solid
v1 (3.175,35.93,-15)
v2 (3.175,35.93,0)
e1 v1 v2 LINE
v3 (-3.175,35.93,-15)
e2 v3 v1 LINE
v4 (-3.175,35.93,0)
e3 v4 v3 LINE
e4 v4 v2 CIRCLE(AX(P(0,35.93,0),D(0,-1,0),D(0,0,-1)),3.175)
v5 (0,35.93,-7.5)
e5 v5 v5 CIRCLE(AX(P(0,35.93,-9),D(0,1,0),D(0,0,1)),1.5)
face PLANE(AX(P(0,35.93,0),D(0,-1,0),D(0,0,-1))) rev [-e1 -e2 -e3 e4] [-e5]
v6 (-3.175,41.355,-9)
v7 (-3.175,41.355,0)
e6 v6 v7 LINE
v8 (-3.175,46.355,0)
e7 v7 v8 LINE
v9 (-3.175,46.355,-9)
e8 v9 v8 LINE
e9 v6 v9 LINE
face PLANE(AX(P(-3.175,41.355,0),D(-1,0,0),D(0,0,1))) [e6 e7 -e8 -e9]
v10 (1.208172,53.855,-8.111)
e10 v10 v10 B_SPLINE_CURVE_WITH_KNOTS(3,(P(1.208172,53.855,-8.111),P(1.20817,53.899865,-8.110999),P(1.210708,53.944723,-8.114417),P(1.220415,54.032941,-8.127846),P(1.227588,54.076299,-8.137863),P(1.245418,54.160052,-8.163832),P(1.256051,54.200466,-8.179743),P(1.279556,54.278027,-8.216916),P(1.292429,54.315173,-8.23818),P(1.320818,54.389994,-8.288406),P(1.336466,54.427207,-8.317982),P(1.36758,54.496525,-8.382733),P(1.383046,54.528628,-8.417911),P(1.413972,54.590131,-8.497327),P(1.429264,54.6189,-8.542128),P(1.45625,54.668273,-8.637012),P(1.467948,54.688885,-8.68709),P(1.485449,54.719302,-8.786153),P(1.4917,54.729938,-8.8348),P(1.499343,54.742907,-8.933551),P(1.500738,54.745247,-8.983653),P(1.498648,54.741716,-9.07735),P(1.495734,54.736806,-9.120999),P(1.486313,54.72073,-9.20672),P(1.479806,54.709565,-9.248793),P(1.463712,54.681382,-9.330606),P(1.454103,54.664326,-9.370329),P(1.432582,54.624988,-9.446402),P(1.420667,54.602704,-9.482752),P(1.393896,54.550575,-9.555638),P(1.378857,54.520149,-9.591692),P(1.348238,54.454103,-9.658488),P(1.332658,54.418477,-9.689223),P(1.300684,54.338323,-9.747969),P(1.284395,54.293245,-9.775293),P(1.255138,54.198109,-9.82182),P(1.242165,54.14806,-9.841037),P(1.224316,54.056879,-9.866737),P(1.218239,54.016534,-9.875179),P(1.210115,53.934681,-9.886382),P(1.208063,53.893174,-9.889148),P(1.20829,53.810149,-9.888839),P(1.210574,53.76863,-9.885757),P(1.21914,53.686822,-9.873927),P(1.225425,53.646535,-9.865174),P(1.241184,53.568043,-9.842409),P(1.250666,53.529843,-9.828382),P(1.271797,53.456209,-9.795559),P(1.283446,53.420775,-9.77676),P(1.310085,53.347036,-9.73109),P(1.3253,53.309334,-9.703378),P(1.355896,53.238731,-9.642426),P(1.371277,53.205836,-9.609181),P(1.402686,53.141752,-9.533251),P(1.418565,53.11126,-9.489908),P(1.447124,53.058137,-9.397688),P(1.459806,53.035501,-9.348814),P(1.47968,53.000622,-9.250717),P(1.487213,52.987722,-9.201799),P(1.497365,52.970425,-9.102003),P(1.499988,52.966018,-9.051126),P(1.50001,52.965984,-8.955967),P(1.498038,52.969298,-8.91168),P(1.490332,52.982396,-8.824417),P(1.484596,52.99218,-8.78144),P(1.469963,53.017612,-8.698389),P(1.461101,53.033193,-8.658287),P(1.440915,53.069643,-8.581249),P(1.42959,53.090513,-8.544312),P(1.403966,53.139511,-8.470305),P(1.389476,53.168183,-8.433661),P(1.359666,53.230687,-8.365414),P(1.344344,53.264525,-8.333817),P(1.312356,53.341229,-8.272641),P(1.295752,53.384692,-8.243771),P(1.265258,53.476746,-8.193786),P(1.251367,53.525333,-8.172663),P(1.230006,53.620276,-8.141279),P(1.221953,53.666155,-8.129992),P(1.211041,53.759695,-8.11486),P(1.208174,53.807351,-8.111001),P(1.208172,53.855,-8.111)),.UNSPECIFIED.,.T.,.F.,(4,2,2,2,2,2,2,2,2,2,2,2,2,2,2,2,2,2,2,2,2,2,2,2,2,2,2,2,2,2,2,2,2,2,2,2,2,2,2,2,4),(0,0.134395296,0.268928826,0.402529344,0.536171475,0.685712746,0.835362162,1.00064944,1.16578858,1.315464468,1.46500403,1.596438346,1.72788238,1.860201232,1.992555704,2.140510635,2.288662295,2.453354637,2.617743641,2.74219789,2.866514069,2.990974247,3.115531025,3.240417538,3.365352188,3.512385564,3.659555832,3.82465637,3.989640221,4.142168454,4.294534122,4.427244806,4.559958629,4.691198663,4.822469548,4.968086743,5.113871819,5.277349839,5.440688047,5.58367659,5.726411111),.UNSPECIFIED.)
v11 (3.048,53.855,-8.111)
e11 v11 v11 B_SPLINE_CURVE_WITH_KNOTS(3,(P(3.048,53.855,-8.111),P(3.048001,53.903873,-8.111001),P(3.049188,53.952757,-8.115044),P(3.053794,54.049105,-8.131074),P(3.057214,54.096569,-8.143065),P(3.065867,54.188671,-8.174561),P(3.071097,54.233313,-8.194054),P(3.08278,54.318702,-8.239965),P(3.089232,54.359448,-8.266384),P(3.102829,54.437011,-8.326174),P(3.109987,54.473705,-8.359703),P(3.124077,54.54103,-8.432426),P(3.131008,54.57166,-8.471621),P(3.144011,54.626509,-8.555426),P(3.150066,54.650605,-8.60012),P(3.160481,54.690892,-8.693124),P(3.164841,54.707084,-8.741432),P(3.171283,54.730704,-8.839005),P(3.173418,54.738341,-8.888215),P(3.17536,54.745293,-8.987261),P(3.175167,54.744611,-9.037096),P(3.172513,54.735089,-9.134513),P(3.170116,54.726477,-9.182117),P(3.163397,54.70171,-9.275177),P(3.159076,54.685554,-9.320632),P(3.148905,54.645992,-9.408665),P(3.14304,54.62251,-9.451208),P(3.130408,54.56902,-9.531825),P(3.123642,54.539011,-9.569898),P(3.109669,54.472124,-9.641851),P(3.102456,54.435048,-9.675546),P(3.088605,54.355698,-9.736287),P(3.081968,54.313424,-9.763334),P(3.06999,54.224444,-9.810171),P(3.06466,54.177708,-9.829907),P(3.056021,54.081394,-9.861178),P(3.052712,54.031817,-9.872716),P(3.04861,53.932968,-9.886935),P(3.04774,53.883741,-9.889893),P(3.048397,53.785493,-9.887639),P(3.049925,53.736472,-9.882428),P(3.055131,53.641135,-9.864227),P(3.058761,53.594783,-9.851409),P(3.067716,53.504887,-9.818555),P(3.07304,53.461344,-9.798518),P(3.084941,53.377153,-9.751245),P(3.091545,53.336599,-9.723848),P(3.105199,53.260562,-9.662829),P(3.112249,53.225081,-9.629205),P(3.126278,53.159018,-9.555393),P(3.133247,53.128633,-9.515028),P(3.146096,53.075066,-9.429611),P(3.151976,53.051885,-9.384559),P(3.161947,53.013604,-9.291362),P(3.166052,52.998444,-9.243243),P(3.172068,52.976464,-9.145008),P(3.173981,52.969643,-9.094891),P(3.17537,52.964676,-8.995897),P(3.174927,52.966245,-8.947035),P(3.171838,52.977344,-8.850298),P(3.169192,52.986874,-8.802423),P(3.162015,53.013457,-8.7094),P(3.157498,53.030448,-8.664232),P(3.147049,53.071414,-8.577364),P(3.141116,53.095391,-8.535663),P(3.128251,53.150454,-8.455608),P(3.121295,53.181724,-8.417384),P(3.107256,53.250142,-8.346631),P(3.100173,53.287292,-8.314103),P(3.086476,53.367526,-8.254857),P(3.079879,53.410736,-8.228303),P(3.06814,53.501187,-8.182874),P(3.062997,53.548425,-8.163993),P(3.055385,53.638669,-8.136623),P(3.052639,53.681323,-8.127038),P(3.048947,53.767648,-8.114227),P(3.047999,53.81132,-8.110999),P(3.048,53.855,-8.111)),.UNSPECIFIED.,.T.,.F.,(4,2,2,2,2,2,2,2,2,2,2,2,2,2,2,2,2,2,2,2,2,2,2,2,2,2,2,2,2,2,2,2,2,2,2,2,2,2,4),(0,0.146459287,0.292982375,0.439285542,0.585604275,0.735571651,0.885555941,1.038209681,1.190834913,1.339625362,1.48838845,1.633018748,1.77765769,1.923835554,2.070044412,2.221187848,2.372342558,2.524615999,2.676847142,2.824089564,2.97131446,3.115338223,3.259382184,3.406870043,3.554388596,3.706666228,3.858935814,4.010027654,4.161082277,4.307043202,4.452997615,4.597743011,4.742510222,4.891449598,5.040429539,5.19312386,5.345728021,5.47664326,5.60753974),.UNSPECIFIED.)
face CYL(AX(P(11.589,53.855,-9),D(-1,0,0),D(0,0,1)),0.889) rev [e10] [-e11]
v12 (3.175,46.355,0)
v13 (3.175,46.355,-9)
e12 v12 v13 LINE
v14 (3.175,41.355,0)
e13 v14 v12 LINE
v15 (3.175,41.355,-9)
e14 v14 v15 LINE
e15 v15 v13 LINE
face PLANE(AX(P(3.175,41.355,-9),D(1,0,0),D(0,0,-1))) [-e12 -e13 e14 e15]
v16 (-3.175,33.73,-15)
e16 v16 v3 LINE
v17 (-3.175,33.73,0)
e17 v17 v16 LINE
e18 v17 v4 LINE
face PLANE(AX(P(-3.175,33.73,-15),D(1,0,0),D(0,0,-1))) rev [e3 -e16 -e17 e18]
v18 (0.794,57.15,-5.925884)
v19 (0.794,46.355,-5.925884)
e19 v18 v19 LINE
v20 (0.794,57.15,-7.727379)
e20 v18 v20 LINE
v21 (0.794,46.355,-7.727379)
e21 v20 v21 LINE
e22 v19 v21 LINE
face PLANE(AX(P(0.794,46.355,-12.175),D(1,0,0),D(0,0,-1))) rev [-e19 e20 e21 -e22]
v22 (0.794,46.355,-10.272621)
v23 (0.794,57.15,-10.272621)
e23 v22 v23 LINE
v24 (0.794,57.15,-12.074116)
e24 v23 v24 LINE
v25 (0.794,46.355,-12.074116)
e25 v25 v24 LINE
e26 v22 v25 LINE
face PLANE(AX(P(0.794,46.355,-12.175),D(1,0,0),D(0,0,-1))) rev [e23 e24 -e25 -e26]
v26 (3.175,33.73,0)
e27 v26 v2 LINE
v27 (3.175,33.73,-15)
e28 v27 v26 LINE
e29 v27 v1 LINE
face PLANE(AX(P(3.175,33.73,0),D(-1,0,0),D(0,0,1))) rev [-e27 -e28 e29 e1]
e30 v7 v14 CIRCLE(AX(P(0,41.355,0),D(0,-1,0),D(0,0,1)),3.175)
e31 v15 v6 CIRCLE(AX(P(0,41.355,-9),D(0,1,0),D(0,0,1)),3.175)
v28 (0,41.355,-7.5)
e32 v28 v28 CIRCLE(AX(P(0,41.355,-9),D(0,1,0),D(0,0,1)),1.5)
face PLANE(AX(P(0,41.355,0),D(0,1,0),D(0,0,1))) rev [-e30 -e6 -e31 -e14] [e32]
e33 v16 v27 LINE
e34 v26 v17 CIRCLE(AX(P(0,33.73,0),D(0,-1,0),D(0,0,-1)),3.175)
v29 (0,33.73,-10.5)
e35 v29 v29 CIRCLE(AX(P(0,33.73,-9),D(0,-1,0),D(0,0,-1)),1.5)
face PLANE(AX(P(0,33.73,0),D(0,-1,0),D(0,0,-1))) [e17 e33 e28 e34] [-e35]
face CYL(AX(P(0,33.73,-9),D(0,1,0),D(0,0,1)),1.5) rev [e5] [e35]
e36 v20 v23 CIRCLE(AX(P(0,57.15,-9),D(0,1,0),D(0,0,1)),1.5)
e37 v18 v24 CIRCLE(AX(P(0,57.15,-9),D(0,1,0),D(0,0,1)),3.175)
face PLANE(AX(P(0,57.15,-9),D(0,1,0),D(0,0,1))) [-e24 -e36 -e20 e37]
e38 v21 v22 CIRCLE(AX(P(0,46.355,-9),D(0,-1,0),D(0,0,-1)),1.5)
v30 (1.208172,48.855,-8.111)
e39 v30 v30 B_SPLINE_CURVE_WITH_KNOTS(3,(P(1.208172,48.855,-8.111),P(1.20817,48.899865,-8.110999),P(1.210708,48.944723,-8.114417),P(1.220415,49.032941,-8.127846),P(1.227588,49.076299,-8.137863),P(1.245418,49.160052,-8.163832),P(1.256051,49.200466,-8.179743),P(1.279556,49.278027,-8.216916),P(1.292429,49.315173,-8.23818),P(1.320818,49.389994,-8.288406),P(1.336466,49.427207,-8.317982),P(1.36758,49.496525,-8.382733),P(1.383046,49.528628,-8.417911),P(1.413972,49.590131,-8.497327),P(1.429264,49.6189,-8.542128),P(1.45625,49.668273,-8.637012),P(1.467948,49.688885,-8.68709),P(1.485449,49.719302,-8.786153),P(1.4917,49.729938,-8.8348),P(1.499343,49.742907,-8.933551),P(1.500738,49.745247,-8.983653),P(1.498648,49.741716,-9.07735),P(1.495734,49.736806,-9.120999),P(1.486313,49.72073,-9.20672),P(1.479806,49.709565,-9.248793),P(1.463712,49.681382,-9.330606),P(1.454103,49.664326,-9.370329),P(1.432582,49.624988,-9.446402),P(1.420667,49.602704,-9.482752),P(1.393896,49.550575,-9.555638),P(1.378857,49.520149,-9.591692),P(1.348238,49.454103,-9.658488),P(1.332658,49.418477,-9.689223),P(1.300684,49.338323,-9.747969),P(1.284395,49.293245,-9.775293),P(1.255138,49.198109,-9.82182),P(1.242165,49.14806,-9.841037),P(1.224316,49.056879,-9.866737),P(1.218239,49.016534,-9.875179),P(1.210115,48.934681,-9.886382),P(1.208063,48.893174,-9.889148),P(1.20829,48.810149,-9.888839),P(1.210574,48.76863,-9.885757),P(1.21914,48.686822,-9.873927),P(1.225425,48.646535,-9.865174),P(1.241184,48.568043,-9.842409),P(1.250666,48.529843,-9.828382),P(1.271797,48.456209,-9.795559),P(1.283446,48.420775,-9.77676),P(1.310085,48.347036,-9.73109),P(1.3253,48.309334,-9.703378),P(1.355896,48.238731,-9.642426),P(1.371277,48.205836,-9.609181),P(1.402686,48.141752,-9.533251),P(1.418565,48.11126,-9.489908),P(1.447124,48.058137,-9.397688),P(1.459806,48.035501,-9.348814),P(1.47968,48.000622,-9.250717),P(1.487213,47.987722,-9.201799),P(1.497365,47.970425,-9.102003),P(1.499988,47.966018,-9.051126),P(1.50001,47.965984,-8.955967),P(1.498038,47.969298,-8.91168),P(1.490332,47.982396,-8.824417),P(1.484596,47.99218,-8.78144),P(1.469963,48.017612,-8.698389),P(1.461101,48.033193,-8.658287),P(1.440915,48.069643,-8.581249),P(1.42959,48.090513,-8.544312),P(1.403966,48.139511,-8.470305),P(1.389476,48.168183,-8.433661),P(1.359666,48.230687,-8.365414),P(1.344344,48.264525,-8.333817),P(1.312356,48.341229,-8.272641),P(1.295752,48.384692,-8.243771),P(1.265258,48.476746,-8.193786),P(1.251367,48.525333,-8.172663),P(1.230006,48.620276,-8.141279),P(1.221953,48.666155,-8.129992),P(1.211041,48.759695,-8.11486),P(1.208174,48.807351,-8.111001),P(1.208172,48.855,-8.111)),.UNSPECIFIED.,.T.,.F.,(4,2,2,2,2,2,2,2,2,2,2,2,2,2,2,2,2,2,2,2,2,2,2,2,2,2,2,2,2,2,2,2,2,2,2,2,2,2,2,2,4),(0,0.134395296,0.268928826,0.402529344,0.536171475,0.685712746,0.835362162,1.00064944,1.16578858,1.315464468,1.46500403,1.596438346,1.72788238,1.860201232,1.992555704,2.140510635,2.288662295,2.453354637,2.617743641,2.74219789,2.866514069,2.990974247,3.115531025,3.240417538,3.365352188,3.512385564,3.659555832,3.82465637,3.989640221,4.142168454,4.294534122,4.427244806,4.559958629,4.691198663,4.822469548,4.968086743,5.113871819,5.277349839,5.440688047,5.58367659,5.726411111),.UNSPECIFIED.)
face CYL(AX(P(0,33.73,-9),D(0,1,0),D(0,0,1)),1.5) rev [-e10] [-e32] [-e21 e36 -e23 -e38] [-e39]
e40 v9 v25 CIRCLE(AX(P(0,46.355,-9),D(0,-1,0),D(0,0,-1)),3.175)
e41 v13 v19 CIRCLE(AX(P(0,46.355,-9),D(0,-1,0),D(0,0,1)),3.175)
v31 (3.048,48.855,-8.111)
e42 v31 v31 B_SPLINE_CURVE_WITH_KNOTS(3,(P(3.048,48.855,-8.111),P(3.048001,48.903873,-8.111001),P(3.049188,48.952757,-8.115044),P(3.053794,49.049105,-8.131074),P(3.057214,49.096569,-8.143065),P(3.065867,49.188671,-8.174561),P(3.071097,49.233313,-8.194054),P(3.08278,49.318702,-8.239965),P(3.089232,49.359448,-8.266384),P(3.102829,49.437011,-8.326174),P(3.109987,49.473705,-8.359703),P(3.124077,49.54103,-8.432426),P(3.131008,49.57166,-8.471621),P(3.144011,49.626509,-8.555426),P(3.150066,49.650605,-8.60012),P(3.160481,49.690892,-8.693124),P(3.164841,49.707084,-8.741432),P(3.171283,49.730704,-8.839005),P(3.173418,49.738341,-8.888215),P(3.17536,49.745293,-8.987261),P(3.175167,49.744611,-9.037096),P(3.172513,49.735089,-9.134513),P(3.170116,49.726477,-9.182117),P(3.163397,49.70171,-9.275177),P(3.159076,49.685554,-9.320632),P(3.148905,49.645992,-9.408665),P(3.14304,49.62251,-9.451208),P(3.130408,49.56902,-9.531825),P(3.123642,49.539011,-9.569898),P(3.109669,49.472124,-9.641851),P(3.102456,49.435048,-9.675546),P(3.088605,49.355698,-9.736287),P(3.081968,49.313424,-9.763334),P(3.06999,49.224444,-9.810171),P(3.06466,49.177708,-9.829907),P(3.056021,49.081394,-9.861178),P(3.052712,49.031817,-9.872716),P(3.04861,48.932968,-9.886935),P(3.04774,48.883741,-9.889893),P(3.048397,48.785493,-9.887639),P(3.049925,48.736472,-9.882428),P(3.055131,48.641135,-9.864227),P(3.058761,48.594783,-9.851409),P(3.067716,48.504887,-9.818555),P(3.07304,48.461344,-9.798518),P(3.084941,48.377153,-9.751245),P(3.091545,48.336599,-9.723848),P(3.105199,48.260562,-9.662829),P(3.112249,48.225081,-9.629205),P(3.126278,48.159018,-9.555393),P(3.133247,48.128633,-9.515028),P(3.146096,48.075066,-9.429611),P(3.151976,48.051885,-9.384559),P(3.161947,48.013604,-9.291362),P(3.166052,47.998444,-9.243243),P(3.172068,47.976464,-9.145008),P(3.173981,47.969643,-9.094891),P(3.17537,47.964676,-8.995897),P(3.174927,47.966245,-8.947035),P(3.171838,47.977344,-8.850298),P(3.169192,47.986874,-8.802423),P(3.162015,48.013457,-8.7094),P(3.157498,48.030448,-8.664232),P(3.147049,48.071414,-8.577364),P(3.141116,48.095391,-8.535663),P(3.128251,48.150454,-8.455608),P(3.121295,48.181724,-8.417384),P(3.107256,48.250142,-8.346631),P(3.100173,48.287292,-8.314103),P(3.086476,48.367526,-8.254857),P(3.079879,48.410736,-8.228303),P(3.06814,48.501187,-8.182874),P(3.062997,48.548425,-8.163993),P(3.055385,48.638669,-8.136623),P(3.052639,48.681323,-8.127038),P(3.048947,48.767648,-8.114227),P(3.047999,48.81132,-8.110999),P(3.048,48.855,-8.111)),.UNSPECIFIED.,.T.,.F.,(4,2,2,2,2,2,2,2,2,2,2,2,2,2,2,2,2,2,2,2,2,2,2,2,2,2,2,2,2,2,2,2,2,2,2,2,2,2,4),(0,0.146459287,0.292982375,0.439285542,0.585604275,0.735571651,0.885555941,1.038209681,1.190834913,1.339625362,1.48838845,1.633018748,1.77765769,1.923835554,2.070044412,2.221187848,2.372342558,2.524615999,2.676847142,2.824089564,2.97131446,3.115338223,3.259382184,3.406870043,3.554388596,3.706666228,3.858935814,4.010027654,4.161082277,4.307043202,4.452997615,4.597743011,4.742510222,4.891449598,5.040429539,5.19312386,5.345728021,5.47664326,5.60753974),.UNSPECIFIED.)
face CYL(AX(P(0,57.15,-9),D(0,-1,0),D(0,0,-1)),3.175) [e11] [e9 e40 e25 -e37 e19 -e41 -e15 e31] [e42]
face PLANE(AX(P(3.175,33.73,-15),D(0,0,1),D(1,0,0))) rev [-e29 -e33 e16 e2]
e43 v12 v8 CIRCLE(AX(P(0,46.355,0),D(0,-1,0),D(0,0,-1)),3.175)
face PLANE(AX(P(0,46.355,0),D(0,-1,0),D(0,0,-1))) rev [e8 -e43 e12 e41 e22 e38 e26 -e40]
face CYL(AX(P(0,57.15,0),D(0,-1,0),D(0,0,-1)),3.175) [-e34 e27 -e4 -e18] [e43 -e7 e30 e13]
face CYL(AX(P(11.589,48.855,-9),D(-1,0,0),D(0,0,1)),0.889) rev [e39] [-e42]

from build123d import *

# Parameters (mm, degrees)
SKETCH_1_R          = 3.175
EXTRUDE_1_DEPTH     = 57.15
CUT_EXTRUDE_1_DEPTH = 10.795
SKETCH_3_R          = 0.889
CUT_EXTRUDE_2_DEPTH = 10.795
SKETCH_4_R          = 3.175
CUT_EXTRUDE_3_DEPTH = 34.83
SKETCH_5_R          = 1.5
EXTRUDE_2_DEPTH     = 1.1
SKETCH_6_R          = 3.175
EXTRUDE_3_DEPTH     = 21.22
SKETCH_7_R          = 1.5
CUT_EXTRUDE_4_DEPTH = 28
SKETCH_8_W          = 3.969
SKETCH_8_H          = 6.35
CUT_EXTRUDE_5_DEPTH = 10.795
SKETCH_9_R          = 0.889
CUT_EXTRUDE_6_DEPTH = 10.795
EXTRUDE_4_DEPTH     = 5
SKETCH_11_R         = 3.175
CUT_EXTRUDE_7_DEPTH = 5.425
SKETCH_13_R         = 3.175
CUT_EXTRUDE_8_DEPTH = 10.795


with BuildPart() as part:
    # 草图1 → 凸台-拉伸1 (new body)
    with BuildSketch(Plane(origin=(0, 0, 0), x_dir=(1, 0, 0), z_dir=(0, 1, 0))):
        Circle(SKETCH_1_R)
    extrude(amount=EXTRUDE_1_DEPTH)

    # 草图2 → 切除-拉伸1 (cut)
    with BuildSketch(Plane(origin=(0, 57.15, 0), x_dir=(1, 0, 0), z_dir=(0, 1, 0))):
        Polygon((0.794, 3.175), (0.794, -3.175), (-3.175, -3.175), (-3.175, 3.175), (-3.175, 13.175), (0.794, 13.175), align=None)
    extrude(amount=-CUT_EXTRUDE_1_DEPTH, mode=Mode.SUBTRACT)

    # 草图3 → 切除-拉伸2 (cut)
    with BuildSketch(Plane.ZY.offset(-0.794)):
        with Locations((0, 53.855)):
            Circle(SKETCH_3_R)
        with Locations((0, 48.855)):
            Circle(SKETCH_3_R)
    extrude(amount=-CUT_EXTRUDE_2_DEPTH, mode=Mode.SUBTRACT)

    # 草图4 → 切除-拉伸3 (cut)
    with BuildSketch(Plane.XZ):
        Circle(SKETCH_4_R)
    extrude(amount=-CUT_EXTRUDE_3_DEPTH, mode=Mode.SUBTRACT)

    # 草图5 → 凸台-拉伸2 (add, symmetric)
    with BuildSketch(Plane.XZ.offset(-34.83)):
        with BuildLine():
            Line((3.175, 0), (3.175, -15))
            Line((3.175, -15), (-3.175, -15))
            Line((-3.175, -15), (-3.175, 0))
            ThreePointArc((-3.175, 0), (0, 3.175), (3.175, 0))
        make_face()
        with Locations((0, -9)):
            Circle(SKETCH_5_R, mode=Mode.SUBTRACT)
    extrude(amount=EXTRUDE_2_DEPTH, both=True)

    # 草图6 → 凸台-拉伸3 (add)
    with BuildSketch(Plane(origin=(0, 35.93, 0), x_dir=(1, 0, 0), z_dir=(0, 1, 0))):
        with Locations((0, 9)):
            Circle(SKETCH_6_R)
    extrude(amount=EXTRUDE_3_DEPTH)

    # 草图7 → 切除-拉伸4 (cut)
    with BuildSketch(Plane.XZ.offset(-33.73)):
        with Locations((0, -9)):
            Circle(SKETCH_7_R)
    extrude(amount=-CUT_EXTRUDE_4_DEPTH, mode=Mode.SUBTRACT)

    # 草图8 → 切除-拉伸5 (cut)
    with BuildSketch(Plane(origin=(0, 57.15, 0), x_dir=(1, 0, 0), z_dir=(0, 1, 0))):
        with Locations((-1.1905, 9)):
            Rectangle(SKETCH_8_W, SKETCH_8_H)
    extrude(amount=-CUT_EXTRUDE_5_DEPTH, mode=Mode.SUBTRACT)

    # 草图9 → 切除-拉伸6 (cut)
    with BuildSketch(Plane.ZY.offset(-0.794)):
        with Locations((-9, 48.855)):
            Circle(SKETCH_9_R)
        with Locations((-9, 53.855)):
            Circle(SKETCH_9_R)
    extrude(amount=-CUT_EXTRUDE_6_DEPTH, mode=Mode.SUBTRACT)

    # 草图10 → 凸台-拉伸4 (add)
    with BuildSketch(Plane(origin=(0, 46.355, 0), x_dir=(1, 0, 0), z_dir=(0, 1, 0))):
        with BuildLine():
            Line((-3.175, 0), (-3.175, 9))
            ThreePointArc((-3.175, 9), (0, 5.825), (3.175, 9))
            Line((3.175, 9), (3.175, 0))
            ThreePointArc((3.175, 0), (0, 3.175), (-3.175, 0))
        make_face()
    extrude(amount=-EXTRUDE_4_DEPTH)

    # 草图11 → 切除-拉伸7 (cut)
    with BuildSketch(Plane(origin=(0, 35.93, 0), x_dir=(1, 0, 0), z_dir=(0, 1, 0))):
        with Locations((0, 9)):
            Circle(SKETCH_11_R)
    extrude(amount=CUT_EXTRUDE_7_DEPTH, mode=Mode.SUBTRACT)

    # 草图13 → 切除-拉伸8 (cut)
    with BuildSketch(Plane(origin=(0, 46.355, 0), x_dir=(1, 0, 0), z_dir=(0, 1, 0))):
        Circle(SKETCH_13_R)
    extrude(amount=CUT_EXTRUDE_8_DEPTH, mode=Mode.SUBTRACT)


solid = part.part
